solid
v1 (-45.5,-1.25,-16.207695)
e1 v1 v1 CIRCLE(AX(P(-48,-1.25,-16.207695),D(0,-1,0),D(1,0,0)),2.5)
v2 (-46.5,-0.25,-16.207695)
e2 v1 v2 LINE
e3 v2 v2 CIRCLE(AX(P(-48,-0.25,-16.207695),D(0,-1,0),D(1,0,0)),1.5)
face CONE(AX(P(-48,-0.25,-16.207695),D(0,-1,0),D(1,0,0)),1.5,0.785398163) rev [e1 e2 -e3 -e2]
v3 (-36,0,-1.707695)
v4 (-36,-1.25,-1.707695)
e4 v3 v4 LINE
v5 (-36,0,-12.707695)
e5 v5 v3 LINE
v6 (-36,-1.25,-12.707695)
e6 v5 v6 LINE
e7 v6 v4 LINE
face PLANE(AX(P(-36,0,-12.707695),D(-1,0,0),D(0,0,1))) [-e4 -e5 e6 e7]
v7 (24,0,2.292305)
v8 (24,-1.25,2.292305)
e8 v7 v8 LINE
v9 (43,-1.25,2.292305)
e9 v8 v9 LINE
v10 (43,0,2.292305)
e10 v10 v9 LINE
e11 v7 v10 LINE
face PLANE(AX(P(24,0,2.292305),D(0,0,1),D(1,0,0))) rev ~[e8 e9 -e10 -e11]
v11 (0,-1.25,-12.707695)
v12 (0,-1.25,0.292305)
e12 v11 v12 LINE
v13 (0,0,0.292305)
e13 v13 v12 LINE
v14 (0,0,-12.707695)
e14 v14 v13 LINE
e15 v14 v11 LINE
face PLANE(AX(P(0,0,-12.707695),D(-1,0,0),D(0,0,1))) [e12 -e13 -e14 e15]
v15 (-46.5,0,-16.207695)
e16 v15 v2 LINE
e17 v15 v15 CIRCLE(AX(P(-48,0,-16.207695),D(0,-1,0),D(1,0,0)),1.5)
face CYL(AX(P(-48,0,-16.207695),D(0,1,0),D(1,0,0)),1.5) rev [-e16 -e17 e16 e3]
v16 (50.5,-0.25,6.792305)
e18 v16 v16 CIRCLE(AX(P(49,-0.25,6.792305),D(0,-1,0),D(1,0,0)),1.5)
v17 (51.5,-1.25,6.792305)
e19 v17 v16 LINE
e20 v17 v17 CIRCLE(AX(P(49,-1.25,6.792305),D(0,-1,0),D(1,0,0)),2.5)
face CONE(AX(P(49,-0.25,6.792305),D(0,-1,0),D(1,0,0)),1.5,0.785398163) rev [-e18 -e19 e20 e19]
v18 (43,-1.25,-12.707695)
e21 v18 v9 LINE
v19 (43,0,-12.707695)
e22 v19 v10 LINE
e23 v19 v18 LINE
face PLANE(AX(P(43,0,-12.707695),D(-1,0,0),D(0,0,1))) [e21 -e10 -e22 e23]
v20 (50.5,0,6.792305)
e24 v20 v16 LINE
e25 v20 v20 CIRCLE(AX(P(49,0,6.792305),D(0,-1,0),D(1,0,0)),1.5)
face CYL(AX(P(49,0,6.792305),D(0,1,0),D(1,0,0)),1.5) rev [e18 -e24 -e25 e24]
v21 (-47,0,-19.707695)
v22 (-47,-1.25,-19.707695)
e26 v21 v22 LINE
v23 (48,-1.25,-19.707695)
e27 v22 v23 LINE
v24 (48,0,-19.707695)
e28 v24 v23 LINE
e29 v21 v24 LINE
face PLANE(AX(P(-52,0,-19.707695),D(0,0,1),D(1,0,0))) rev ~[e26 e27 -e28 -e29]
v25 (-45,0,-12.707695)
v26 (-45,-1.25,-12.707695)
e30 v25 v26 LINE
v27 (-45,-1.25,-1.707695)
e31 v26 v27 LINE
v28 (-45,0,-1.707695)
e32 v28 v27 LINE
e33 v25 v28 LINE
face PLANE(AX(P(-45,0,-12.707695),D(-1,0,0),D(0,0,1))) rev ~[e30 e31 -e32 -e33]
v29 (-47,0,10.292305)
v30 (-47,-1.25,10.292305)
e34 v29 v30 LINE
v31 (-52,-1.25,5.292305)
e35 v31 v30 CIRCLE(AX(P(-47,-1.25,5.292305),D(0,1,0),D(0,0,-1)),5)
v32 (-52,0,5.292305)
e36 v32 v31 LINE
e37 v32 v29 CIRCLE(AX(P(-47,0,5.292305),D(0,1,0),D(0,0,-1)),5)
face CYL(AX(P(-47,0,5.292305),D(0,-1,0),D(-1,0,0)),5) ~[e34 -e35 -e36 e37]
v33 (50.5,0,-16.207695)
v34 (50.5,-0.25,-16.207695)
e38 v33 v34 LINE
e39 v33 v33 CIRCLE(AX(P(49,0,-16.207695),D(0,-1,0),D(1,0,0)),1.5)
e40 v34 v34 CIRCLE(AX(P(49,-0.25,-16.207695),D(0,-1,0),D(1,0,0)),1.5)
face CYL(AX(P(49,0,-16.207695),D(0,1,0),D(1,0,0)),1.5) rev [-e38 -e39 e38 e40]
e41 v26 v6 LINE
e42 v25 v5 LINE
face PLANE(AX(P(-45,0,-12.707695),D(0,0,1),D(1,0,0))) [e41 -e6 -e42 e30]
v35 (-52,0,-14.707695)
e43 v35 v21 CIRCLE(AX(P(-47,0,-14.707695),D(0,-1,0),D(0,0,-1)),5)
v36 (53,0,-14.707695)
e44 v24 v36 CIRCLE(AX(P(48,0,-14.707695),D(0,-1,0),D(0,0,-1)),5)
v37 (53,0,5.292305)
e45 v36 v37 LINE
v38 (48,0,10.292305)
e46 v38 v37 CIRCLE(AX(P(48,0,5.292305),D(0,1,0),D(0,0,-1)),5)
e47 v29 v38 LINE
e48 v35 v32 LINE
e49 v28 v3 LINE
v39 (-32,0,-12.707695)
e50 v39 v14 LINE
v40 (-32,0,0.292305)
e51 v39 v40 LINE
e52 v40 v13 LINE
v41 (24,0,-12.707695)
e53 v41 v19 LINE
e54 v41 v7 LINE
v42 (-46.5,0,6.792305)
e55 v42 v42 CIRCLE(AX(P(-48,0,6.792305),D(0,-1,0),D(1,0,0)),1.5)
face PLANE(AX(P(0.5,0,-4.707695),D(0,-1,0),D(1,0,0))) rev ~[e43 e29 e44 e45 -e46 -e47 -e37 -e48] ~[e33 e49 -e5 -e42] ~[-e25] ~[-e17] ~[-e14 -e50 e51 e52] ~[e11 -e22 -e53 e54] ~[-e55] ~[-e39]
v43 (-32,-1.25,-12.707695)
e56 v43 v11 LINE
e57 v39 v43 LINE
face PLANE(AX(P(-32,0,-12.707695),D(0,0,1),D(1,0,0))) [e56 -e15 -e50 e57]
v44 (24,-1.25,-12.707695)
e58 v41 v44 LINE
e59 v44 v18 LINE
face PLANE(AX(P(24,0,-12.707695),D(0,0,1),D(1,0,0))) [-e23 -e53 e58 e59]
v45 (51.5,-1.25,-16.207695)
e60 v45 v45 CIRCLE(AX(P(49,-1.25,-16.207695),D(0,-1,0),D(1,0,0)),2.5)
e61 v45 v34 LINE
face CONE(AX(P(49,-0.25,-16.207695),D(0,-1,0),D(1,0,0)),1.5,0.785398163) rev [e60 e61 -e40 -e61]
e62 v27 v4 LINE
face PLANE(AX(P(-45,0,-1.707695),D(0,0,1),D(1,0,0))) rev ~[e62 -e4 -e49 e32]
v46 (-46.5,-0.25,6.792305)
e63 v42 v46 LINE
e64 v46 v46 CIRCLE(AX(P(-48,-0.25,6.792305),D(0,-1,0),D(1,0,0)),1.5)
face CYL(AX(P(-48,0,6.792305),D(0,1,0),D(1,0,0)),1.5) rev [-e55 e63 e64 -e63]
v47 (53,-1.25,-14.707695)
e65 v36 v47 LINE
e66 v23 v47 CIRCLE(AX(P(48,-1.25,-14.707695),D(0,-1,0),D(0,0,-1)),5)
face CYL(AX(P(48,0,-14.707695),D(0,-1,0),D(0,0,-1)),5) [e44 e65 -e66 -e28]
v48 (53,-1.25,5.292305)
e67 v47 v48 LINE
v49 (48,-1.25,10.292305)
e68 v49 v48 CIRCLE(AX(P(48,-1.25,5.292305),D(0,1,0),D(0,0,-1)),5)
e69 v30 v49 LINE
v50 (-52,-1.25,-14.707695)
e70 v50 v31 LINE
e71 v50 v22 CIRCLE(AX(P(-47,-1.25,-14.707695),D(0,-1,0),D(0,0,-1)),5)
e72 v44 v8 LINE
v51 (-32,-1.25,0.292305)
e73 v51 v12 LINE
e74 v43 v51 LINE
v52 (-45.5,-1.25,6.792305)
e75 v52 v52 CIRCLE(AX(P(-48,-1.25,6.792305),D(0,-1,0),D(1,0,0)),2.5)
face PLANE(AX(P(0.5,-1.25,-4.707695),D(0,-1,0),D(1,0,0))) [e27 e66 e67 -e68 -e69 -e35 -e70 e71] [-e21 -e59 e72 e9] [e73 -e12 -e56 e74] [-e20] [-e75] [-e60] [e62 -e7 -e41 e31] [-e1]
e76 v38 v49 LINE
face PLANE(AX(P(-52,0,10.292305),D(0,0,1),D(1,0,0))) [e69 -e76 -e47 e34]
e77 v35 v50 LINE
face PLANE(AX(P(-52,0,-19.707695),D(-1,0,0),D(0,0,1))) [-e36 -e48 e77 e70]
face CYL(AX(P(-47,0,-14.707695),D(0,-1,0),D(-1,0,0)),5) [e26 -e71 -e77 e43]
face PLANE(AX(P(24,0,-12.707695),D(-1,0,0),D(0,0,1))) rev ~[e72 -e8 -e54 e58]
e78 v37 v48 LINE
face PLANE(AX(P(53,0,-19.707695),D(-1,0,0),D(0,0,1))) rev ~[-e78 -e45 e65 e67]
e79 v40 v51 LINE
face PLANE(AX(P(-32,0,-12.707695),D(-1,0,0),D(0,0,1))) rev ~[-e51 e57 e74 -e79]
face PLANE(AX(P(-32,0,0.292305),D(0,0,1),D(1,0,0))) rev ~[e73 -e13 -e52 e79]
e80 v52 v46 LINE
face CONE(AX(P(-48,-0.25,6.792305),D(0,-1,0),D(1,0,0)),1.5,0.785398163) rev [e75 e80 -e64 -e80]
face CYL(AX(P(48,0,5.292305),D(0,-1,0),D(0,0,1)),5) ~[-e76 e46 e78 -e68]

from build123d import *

# Parameters (mm, degrees)
F0_W     = 105
F0_H     = 30
F0_R     = 1.5
F0_W_2   = 9
F0_H_2   = 11
F0_W_3   = 32
F0_H_3   = 13
F0_W_4   = 19
F0_H_4   = 15
F1_DEPTH = 1.25
F2_R     = 5
F3_SIZE  = 1


with BuildPart() as f1:
    # F0 (on Front) → F1 (new body)
    with BuildSketch(Plane.XZ):
        with Locations((0.5, -4.707695)):
            Rectangle(F0_W, F0_H)
        with Locations((-48, -16.207695)):
            Circle(F0_R, mode=Mode.SUBTRACT)
        with Locations((-40.5, -7.207695)):
            Rectangle(F0_W_2, F0_H_2, mode=Mode.SUBTRACT)
        with Locations((-16, -6.207695)):
            Rectangle(F0_W_3, F0_H_3, mode=Mode.SUBTRACT)
        with Locations((49, -16.207695)):
            Circle(F0_R, mode=Mode.SUBTRACT)
        with Locations((33.5, -5.207695)):
            Rectangle(F0_W_4, F0_H_4, mode=Mode.SUBTRACT)
        with Locations((-48, 6.792305)):
            Circle(F0_R, mode=Mode.SUBTRACT)
        with Locations((49, 6.792305)):
            Circle(F0_R, mode=Mode.SUBTRACT)
    extrude(amount=F1_DEPTH)

    # F2
    f2_edges = [f1.edges().sort_by_distance(p)[0] for p in [
        (53, -0.625, 10.292305),
        (53, -0.625, -19.707695),
        (-52, -0.625, -19.707695),
        (-52, -0.625, 10.292305),
    ]]
    fillet(f2_edges, radius=F2_R)

    # F3
    f3_edges = [f1.edges().sort_by_distance(p)[0] for p in [
        (47.5, -1.25, 6.792305),
        (47.5, -1.25, -16.207695),
        (-49.5, -1.25, -16.207695),
        (-49.5, -1.25, 6.792305),
    ]]
    chamfer(f3_edges, length=F3_SIZE)


solid = f1.part
